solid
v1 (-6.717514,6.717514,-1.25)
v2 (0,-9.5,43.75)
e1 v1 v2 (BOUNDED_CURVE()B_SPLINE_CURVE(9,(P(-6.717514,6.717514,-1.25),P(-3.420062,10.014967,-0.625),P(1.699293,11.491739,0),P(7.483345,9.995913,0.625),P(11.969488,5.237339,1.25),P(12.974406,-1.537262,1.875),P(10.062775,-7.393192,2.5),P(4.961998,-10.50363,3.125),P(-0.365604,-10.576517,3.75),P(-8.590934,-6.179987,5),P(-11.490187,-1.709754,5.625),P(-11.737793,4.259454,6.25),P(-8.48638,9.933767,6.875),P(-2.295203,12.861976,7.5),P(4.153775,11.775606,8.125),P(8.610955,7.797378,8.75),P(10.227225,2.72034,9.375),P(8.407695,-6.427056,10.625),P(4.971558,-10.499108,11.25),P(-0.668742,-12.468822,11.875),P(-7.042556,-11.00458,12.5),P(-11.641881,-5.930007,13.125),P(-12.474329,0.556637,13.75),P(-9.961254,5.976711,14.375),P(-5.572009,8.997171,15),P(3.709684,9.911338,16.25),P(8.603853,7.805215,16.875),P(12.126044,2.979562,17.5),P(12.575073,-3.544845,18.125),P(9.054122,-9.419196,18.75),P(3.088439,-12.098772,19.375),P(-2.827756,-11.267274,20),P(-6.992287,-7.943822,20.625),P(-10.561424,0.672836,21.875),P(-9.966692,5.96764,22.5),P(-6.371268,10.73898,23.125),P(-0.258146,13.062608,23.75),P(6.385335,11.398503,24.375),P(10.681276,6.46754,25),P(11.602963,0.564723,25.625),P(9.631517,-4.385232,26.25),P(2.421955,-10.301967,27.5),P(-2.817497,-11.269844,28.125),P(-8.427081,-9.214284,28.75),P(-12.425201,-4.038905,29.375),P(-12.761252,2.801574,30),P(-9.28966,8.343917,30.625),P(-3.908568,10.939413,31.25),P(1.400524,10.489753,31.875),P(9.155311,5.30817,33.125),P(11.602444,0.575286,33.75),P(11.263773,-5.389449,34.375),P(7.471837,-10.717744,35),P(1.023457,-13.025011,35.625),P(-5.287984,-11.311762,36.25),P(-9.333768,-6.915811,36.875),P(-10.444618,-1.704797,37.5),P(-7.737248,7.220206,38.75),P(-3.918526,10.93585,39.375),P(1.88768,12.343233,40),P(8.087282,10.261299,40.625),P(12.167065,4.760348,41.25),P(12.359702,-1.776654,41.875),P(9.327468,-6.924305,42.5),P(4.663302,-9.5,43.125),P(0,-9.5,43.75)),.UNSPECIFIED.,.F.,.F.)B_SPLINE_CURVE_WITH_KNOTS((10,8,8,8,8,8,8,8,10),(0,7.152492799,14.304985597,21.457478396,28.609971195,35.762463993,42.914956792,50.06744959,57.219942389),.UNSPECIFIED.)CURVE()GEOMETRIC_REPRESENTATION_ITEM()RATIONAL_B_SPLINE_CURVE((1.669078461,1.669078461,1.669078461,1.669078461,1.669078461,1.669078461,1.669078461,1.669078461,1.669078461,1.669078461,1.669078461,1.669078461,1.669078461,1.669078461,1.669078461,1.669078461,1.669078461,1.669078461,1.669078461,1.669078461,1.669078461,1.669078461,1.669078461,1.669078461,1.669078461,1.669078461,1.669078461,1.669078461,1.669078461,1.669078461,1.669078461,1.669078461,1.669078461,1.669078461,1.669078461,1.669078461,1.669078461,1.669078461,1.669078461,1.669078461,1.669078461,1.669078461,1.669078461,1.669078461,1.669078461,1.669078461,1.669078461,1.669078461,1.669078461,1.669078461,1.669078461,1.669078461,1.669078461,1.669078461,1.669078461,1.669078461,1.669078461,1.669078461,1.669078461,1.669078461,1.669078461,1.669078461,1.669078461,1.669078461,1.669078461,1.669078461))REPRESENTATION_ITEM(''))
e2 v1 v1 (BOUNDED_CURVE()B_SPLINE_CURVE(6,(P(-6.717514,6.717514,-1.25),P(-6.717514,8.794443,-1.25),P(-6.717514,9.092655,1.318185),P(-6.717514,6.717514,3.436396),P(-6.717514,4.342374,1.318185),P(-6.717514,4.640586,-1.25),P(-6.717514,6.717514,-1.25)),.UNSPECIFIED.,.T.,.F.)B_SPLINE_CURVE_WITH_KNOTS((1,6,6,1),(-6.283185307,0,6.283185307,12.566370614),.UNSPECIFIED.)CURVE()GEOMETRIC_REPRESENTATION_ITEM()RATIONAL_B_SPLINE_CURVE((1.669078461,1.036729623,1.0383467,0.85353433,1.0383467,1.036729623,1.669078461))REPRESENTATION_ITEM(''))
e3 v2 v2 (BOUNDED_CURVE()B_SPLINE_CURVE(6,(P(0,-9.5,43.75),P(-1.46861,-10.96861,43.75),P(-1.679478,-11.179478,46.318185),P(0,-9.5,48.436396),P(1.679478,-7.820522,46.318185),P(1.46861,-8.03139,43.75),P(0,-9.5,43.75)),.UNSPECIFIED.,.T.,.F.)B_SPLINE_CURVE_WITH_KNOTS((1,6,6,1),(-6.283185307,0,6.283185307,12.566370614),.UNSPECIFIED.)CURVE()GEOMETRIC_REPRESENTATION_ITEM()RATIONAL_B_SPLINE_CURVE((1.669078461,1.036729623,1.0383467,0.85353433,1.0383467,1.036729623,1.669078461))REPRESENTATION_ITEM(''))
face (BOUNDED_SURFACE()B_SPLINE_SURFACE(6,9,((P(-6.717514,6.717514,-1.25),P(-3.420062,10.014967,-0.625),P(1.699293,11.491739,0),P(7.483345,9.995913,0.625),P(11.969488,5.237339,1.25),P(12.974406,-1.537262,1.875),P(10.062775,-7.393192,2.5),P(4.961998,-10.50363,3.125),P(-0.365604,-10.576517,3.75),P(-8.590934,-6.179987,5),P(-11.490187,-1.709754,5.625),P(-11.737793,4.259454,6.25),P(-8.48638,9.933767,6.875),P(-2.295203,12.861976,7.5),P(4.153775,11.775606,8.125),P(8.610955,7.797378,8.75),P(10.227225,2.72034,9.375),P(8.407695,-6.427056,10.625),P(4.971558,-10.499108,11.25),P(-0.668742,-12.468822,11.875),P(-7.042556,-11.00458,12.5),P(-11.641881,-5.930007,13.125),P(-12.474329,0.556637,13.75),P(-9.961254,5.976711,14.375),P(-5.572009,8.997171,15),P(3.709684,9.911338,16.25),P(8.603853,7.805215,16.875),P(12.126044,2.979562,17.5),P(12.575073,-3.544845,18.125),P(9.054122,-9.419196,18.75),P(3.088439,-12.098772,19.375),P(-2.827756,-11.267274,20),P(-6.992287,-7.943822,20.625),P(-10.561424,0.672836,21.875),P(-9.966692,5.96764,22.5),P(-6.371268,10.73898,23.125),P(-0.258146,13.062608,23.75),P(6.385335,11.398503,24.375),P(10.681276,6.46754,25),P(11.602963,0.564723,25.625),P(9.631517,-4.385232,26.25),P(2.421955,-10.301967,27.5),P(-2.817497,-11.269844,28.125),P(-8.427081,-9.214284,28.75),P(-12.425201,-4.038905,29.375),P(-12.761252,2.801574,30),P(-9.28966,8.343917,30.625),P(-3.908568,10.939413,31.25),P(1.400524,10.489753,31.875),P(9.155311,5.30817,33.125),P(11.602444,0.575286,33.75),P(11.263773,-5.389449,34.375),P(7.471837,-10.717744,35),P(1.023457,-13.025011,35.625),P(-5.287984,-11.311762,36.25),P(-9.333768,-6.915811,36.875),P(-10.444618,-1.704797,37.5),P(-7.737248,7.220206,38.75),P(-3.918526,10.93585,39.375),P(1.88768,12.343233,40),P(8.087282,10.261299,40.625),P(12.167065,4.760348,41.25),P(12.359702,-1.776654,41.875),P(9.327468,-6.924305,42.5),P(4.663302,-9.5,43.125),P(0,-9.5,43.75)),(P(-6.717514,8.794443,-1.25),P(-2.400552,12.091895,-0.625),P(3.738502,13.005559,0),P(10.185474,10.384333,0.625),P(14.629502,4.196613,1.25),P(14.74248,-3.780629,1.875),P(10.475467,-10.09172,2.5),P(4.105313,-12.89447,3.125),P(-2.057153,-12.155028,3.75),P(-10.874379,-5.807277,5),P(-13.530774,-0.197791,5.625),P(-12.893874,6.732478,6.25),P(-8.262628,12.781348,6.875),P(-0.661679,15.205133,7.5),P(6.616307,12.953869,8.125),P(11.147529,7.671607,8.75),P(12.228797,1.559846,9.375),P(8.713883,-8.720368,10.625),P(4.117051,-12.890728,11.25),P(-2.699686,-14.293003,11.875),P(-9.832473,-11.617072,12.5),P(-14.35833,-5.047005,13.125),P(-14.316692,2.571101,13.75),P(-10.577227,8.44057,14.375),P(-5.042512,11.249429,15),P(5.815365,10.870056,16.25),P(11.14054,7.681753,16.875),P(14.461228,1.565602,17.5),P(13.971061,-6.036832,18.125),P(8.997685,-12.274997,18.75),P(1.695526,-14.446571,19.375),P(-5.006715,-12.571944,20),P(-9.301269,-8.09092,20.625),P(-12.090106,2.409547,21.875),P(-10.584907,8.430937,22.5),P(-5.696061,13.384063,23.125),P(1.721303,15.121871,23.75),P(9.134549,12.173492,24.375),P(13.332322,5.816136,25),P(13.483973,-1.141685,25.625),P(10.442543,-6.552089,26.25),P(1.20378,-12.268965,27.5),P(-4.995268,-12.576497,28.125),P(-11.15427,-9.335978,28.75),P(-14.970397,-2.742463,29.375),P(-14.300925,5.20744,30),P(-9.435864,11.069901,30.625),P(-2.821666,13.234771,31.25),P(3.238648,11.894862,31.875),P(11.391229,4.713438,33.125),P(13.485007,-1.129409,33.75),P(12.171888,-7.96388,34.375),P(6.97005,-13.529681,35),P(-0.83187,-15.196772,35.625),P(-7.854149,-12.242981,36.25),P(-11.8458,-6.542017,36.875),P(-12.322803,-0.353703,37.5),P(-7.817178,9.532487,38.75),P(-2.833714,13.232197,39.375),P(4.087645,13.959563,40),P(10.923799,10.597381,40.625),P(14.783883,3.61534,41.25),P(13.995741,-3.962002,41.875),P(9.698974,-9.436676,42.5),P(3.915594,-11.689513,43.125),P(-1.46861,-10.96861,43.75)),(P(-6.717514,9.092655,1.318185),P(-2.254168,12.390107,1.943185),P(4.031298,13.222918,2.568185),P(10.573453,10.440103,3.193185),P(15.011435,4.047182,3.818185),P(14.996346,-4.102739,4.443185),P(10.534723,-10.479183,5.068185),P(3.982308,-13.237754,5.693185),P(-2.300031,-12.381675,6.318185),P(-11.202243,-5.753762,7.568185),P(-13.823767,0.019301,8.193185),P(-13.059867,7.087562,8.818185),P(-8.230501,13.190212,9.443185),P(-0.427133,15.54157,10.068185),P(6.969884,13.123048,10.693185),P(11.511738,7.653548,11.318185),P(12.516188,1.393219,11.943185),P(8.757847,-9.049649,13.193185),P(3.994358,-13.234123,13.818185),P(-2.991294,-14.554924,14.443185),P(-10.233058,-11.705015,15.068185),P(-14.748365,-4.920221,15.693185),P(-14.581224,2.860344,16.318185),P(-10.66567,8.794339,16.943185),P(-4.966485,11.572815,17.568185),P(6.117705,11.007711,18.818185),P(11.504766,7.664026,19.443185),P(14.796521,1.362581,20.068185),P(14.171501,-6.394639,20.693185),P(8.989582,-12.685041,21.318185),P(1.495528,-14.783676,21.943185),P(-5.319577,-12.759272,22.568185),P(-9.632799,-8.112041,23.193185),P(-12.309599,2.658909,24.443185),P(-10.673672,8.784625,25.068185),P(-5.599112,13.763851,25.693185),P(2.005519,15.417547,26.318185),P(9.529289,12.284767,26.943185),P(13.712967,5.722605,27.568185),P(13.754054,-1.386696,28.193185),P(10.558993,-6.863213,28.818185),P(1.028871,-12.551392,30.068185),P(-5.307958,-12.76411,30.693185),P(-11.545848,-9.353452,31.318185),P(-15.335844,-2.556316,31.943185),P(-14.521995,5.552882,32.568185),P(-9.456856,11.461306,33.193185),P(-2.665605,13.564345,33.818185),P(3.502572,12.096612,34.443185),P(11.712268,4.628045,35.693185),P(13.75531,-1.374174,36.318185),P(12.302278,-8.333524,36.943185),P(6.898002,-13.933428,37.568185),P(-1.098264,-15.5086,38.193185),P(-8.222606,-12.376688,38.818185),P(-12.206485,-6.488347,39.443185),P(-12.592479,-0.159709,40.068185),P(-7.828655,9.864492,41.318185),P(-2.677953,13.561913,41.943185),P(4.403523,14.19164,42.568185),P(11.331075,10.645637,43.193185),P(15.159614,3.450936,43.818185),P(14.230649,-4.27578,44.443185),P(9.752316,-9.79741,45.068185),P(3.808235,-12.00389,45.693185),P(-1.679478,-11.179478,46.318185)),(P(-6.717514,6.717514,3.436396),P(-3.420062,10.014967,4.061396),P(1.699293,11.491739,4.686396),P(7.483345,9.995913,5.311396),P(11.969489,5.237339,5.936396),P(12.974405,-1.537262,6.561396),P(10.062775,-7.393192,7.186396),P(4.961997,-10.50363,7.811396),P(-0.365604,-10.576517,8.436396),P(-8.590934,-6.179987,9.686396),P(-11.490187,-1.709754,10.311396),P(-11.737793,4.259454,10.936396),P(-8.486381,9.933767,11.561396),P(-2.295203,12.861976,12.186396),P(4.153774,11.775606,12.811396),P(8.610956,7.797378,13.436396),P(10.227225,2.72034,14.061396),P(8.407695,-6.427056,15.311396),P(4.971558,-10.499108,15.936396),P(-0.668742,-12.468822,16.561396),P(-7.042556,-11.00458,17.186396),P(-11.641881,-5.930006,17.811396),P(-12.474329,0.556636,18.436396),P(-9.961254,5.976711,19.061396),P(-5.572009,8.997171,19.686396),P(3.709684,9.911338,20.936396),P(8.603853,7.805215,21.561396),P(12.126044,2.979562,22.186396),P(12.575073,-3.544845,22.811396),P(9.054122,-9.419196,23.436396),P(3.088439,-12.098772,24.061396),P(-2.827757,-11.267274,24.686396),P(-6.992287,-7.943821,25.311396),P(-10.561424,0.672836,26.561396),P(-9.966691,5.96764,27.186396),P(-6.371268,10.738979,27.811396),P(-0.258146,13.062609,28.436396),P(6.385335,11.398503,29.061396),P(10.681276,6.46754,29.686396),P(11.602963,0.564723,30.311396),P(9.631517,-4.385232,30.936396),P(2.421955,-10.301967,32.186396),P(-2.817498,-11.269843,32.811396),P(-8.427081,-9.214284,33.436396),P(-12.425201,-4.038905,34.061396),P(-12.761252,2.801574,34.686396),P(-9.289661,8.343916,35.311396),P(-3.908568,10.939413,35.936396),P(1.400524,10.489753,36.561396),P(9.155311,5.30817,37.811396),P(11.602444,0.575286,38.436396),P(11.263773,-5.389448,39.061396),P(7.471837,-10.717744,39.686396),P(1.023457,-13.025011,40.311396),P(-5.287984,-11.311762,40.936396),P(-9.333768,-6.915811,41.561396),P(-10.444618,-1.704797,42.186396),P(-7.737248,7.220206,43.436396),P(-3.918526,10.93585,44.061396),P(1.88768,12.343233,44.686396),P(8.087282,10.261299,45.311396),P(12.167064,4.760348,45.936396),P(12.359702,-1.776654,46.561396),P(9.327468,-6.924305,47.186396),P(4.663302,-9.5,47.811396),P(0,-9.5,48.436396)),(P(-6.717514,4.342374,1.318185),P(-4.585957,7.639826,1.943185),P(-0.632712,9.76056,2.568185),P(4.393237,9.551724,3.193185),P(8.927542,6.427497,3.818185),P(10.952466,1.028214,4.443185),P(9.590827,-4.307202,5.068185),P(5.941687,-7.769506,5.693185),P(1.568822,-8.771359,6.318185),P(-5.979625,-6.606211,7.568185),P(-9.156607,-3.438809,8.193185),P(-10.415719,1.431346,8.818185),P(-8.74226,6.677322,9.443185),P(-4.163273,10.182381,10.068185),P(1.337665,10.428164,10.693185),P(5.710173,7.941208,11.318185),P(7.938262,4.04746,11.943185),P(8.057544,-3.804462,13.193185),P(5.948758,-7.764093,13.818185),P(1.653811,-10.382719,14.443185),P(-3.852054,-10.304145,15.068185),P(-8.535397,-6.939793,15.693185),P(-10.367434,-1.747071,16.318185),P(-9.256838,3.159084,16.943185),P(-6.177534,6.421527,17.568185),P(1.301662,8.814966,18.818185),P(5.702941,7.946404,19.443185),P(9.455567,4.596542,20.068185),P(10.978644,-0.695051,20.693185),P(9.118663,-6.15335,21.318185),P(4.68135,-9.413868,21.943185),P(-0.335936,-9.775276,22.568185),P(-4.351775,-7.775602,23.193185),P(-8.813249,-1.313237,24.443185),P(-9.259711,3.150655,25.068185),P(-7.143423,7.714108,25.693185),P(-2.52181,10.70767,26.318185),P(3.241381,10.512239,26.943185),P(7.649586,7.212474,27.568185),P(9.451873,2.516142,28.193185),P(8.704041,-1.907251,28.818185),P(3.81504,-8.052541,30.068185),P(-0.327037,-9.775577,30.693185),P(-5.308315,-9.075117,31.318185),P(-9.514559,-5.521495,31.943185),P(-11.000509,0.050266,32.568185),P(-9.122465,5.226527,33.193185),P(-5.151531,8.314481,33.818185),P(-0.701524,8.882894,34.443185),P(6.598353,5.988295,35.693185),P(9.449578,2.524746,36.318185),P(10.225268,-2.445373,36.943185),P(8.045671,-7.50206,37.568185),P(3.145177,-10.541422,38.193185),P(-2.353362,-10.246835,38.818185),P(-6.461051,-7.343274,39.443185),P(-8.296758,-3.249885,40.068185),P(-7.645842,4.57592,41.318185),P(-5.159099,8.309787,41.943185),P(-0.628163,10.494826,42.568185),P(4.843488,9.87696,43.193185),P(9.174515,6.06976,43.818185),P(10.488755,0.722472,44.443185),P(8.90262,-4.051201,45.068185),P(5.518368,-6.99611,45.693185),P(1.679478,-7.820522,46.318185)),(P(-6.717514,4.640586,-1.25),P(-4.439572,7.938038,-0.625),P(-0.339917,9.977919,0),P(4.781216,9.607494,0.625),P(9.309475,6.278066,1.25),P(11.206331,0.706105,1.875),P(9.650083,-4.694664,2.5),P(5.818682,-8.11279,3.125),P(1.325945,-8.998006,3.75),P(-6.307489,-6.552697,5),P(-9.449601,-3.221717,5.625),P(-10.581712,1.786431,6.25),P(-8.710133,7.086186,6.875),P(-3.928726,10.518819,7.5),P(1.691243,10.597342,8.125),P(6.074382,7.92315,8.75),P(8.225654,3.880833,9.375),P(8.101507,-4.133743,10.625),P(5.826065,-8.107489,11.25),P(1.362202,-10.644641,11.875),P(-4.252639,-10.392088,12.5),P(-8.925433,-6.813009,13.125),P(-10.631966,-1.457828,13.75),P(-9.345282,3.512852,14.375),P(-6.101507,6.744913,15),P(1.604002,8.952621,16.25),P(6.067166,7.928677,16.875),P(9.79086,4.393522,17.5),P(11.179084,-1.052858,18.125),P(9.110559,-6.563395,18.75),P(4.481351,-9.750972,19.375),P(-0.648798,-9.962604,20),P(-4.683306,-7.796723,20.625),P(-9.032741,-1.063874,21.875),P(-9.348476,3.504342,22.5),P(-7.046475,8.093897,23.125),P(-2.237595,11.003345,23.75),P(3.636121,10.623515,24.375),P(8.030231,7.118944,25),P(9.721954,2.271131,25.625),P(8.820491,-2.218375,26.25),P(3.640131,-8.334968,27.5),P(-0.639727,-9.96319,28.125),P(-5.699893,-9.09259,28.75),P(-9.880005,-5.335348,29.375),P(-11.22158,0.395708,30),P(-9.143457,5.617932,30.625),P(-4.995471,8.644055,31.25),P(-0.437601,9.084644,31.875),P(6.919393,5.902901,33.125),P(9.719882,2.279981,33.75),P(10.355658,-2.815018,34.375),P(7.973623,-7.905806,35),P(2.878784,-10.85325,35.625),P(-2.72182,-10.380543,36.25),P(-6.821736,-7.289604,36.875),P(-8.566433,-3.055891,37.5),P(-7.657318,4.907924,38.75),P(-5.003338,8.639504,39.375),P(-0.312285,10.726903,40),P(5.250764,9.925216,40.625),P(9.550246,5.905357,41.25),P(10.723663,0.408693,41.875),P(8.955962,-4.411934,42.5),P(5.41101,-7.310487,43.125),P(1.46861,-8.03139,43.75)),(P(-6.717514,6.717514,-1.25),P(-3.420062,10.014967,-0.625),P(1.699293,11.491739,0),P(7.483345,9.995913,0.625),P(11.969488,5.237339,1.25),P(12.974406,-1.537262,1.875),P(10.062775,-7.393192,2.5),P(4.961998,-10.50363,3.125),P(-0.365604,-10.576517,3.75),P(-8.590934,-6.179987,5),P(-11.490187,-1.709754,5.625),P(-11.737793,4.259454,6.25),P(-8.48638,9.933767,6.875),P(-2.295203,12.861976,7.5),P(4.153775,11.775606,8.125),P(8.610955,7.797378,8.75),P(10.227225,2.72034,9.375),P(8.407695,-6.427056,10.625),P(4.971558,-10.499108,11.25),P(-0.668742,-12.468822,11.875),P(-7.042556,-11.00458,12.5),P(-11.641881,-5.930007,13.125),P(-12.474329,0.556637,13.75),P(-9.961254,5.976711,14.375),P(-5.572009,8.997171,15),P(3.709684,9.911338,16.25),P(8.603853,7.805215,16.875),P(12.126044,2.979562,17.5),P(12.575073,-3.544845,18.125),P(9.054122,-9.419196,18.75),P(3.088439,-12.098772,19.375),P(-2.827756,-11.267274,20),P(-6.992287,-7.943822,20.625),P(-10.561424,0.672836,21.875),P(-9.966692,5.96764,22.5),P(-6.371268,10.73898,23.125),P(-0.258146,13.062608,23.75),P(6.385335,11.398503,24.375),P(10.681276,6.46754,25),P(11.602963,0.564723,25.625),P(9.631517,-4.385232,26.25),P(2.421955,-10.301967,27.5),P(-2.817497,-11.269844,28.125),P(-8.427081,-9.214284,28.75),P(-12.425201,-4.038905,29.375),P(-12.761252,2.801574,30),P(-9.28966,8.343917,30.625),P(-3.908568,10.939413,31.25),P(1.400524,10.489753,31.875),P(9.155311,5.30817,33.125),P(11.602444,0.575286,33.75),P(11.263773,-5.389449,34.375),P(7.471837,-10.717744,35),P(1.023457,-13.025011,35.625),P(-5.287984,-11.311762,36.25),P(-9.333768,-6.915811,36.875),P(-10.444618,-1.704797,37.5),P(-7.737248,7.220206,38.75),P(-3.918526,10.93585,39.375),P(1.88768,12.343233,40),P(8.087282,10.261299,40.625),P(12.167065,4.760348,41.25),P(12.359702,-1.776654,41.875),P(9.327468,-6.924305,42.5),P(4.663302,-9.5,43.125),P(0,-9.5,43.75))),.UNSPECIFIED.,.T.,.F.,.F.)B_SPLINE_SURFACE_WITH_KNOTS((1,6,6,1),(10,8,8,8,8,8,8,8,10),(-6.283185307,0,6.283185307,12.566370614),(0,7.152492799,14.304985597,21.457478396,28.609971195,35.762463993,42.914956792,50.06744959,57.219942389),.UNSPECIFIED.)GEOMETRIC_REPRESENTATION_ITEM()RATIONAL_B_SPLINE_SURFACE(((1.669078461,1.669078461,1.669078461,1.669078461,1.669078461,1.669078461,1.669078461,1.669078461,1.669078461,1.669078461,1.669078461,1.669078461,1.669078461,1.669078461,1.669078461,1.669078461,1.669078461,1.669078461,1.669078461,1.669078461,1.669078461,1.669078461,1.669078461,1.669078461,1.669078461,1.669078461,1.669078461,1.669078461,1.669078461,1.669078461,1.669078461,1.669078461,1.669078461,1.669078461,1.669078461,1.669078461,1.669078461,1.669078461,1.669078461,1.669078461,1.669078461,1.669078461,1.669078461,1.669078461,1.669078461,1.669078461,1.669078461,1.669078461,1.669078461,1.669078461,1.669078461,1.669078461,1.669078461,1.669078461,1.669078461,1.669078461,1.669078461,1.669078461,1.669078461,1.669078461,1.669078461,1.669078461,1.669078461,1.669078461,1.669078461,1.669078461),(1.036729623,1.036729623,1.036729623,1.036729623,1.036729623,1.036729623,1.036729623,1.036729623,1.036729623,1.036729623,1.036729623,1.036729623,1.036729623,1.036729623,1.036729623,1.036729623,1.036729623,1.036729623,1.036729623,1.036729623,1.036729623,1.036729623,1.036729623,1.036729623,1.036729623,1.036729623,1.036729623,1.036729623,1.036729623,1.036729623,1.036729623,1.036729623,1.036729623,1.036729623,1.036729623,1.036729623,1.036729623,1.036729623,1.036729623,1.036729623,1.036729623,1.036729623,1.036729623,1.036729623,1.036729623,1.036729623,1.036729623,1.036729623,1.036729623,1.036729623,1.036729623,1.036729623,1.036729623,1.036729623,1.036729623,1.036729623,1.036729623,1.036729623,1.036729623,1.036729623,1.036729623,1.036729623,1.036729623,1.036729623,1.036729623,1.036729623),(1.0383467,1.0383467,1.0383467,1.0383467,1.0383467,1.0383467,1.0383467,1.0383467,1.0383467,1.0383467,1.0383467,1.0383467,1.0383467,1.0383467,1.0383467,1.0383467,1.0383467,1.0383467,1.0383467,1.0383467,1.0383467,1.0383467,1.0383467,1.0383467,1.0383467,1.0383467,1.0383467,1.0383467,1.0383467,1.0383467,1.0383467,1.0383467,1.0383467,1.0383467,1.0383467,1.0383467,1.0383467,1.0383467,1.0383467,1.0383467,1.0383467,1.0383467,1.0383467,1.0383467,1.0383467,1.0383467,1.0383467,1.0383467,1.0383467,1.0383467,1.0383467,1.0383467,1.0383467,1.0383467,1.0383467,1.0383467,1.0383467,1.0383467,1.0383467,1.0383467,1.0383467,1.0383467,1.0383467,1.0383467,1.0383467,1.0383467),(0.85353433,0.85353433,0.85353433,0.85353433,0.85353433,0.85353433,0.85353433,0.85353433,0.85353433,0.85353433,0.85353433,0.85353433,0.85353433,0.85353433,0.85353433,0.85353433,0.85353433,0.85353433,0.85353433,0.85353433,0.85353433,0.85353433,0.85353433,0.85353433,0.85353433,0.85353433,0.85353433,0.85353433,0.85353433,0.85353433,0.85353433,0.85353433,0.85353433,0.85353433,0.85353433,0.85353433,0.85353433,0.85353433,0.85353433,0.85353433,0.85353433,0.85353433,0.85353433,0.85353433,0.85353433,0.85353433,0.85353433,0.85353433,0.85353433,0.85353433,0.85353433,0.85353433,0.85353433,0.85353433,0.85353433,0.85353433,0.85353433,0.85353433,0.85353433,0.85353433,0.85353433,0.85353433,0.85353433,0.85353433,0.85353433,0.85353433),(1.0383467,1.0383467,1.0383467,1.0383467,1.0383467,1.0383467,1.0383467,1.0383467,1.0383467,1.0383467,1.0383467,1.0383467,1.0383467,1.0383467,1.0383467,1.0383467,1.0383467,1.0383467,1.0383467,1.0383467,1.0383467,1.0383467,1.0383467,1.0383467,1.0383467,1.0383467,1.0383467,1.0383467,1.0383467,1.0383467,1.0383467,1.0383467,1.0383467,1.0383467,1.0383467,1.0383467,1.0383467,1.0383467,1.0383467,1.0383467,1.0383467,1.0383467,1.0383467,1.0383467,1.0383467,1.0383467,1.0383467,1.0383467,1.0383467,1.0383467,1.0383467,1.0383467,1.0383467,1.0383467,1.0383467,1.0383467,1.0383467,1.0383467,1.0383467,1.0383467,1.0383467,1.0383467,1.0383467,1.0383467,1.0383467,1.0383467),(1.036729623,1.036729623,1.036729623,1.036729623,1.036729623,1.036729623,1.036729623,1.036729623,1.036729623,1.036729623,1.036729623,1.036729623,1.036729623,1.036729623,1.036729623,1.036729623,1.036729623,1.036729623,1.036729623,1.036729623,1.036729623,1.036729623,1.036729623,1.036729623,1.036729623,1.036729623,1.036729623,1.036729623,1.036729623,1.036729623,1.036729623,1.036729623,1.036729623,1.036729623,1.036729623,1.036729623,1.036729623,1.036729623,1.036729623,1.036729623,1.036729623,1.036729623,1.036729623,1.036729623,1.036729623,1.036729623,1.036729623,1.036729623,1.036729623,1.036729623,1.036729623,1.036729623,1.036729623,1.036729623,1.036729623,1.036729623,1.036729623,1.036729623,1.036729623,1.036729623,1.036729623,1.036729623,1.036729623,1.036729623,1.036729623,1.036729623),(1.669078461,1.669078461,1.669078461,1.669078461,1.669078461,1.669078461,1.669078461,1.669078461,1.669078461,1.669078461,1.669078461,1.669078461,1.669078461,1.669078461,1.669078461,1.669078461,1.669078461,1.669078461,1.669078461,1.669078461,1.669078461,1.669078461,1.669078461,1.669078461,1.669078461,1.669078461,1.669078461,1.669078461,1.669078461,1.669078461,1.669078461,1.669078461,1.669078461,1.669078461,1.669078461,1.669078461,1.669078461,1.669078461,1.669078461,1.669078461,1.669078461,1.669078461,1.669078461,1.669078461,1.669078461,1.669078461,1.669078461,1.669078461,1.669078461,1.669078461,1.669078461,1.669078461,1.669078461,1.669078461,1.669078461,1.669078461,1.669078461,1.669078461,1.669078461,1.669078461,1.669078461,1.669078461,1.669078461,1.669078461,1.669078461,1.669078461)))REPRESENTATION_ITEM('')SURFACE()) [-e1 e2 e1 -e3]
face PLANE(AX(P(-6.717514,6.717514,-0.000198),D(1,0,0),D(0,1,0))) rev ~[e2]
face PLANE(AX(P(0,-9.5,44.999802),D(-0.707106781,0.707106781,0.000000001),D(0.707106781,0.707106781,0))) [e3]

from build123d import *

# Parameters (mm, degrees)
SWEEP1_PITCH       = 8
SWEEP1_HEIGHT      = 45
SWEEP1_RADIUS      = 9.5
SWEEP1_START_ANGLE = 135
SKETCH5_R          = 1.25


with BuildPart() as part:
    # Sweep1: sweep along a helix
    with BuildLine() as sweep1_path:
        add(Helix(SWEEP1_PITCH, SWEEP1_HEIGHT, SWEEP1_RADIUS, center=(0, 0, 0), direction=(0, 0, 1), lefthand=True, mode=Mode.PRIVATE).rotate(Axis((0, 0, 0), (0, 0, 1)), SWEEP1_START_ANGLE))
    # Sketch5 → Sweep1 (sweep)
    with BuildSketch(Plane(origin=(-6.717514421, 0, 0), x_dir=(0, 0, -1), z_dir=(1, 0, 0))):
        with Locations((0, 6.717514421)):
            Circle(SKETCH5_R)
    sweep(path=sweep1_path.line, is_frenet=True)


solid = part.part
